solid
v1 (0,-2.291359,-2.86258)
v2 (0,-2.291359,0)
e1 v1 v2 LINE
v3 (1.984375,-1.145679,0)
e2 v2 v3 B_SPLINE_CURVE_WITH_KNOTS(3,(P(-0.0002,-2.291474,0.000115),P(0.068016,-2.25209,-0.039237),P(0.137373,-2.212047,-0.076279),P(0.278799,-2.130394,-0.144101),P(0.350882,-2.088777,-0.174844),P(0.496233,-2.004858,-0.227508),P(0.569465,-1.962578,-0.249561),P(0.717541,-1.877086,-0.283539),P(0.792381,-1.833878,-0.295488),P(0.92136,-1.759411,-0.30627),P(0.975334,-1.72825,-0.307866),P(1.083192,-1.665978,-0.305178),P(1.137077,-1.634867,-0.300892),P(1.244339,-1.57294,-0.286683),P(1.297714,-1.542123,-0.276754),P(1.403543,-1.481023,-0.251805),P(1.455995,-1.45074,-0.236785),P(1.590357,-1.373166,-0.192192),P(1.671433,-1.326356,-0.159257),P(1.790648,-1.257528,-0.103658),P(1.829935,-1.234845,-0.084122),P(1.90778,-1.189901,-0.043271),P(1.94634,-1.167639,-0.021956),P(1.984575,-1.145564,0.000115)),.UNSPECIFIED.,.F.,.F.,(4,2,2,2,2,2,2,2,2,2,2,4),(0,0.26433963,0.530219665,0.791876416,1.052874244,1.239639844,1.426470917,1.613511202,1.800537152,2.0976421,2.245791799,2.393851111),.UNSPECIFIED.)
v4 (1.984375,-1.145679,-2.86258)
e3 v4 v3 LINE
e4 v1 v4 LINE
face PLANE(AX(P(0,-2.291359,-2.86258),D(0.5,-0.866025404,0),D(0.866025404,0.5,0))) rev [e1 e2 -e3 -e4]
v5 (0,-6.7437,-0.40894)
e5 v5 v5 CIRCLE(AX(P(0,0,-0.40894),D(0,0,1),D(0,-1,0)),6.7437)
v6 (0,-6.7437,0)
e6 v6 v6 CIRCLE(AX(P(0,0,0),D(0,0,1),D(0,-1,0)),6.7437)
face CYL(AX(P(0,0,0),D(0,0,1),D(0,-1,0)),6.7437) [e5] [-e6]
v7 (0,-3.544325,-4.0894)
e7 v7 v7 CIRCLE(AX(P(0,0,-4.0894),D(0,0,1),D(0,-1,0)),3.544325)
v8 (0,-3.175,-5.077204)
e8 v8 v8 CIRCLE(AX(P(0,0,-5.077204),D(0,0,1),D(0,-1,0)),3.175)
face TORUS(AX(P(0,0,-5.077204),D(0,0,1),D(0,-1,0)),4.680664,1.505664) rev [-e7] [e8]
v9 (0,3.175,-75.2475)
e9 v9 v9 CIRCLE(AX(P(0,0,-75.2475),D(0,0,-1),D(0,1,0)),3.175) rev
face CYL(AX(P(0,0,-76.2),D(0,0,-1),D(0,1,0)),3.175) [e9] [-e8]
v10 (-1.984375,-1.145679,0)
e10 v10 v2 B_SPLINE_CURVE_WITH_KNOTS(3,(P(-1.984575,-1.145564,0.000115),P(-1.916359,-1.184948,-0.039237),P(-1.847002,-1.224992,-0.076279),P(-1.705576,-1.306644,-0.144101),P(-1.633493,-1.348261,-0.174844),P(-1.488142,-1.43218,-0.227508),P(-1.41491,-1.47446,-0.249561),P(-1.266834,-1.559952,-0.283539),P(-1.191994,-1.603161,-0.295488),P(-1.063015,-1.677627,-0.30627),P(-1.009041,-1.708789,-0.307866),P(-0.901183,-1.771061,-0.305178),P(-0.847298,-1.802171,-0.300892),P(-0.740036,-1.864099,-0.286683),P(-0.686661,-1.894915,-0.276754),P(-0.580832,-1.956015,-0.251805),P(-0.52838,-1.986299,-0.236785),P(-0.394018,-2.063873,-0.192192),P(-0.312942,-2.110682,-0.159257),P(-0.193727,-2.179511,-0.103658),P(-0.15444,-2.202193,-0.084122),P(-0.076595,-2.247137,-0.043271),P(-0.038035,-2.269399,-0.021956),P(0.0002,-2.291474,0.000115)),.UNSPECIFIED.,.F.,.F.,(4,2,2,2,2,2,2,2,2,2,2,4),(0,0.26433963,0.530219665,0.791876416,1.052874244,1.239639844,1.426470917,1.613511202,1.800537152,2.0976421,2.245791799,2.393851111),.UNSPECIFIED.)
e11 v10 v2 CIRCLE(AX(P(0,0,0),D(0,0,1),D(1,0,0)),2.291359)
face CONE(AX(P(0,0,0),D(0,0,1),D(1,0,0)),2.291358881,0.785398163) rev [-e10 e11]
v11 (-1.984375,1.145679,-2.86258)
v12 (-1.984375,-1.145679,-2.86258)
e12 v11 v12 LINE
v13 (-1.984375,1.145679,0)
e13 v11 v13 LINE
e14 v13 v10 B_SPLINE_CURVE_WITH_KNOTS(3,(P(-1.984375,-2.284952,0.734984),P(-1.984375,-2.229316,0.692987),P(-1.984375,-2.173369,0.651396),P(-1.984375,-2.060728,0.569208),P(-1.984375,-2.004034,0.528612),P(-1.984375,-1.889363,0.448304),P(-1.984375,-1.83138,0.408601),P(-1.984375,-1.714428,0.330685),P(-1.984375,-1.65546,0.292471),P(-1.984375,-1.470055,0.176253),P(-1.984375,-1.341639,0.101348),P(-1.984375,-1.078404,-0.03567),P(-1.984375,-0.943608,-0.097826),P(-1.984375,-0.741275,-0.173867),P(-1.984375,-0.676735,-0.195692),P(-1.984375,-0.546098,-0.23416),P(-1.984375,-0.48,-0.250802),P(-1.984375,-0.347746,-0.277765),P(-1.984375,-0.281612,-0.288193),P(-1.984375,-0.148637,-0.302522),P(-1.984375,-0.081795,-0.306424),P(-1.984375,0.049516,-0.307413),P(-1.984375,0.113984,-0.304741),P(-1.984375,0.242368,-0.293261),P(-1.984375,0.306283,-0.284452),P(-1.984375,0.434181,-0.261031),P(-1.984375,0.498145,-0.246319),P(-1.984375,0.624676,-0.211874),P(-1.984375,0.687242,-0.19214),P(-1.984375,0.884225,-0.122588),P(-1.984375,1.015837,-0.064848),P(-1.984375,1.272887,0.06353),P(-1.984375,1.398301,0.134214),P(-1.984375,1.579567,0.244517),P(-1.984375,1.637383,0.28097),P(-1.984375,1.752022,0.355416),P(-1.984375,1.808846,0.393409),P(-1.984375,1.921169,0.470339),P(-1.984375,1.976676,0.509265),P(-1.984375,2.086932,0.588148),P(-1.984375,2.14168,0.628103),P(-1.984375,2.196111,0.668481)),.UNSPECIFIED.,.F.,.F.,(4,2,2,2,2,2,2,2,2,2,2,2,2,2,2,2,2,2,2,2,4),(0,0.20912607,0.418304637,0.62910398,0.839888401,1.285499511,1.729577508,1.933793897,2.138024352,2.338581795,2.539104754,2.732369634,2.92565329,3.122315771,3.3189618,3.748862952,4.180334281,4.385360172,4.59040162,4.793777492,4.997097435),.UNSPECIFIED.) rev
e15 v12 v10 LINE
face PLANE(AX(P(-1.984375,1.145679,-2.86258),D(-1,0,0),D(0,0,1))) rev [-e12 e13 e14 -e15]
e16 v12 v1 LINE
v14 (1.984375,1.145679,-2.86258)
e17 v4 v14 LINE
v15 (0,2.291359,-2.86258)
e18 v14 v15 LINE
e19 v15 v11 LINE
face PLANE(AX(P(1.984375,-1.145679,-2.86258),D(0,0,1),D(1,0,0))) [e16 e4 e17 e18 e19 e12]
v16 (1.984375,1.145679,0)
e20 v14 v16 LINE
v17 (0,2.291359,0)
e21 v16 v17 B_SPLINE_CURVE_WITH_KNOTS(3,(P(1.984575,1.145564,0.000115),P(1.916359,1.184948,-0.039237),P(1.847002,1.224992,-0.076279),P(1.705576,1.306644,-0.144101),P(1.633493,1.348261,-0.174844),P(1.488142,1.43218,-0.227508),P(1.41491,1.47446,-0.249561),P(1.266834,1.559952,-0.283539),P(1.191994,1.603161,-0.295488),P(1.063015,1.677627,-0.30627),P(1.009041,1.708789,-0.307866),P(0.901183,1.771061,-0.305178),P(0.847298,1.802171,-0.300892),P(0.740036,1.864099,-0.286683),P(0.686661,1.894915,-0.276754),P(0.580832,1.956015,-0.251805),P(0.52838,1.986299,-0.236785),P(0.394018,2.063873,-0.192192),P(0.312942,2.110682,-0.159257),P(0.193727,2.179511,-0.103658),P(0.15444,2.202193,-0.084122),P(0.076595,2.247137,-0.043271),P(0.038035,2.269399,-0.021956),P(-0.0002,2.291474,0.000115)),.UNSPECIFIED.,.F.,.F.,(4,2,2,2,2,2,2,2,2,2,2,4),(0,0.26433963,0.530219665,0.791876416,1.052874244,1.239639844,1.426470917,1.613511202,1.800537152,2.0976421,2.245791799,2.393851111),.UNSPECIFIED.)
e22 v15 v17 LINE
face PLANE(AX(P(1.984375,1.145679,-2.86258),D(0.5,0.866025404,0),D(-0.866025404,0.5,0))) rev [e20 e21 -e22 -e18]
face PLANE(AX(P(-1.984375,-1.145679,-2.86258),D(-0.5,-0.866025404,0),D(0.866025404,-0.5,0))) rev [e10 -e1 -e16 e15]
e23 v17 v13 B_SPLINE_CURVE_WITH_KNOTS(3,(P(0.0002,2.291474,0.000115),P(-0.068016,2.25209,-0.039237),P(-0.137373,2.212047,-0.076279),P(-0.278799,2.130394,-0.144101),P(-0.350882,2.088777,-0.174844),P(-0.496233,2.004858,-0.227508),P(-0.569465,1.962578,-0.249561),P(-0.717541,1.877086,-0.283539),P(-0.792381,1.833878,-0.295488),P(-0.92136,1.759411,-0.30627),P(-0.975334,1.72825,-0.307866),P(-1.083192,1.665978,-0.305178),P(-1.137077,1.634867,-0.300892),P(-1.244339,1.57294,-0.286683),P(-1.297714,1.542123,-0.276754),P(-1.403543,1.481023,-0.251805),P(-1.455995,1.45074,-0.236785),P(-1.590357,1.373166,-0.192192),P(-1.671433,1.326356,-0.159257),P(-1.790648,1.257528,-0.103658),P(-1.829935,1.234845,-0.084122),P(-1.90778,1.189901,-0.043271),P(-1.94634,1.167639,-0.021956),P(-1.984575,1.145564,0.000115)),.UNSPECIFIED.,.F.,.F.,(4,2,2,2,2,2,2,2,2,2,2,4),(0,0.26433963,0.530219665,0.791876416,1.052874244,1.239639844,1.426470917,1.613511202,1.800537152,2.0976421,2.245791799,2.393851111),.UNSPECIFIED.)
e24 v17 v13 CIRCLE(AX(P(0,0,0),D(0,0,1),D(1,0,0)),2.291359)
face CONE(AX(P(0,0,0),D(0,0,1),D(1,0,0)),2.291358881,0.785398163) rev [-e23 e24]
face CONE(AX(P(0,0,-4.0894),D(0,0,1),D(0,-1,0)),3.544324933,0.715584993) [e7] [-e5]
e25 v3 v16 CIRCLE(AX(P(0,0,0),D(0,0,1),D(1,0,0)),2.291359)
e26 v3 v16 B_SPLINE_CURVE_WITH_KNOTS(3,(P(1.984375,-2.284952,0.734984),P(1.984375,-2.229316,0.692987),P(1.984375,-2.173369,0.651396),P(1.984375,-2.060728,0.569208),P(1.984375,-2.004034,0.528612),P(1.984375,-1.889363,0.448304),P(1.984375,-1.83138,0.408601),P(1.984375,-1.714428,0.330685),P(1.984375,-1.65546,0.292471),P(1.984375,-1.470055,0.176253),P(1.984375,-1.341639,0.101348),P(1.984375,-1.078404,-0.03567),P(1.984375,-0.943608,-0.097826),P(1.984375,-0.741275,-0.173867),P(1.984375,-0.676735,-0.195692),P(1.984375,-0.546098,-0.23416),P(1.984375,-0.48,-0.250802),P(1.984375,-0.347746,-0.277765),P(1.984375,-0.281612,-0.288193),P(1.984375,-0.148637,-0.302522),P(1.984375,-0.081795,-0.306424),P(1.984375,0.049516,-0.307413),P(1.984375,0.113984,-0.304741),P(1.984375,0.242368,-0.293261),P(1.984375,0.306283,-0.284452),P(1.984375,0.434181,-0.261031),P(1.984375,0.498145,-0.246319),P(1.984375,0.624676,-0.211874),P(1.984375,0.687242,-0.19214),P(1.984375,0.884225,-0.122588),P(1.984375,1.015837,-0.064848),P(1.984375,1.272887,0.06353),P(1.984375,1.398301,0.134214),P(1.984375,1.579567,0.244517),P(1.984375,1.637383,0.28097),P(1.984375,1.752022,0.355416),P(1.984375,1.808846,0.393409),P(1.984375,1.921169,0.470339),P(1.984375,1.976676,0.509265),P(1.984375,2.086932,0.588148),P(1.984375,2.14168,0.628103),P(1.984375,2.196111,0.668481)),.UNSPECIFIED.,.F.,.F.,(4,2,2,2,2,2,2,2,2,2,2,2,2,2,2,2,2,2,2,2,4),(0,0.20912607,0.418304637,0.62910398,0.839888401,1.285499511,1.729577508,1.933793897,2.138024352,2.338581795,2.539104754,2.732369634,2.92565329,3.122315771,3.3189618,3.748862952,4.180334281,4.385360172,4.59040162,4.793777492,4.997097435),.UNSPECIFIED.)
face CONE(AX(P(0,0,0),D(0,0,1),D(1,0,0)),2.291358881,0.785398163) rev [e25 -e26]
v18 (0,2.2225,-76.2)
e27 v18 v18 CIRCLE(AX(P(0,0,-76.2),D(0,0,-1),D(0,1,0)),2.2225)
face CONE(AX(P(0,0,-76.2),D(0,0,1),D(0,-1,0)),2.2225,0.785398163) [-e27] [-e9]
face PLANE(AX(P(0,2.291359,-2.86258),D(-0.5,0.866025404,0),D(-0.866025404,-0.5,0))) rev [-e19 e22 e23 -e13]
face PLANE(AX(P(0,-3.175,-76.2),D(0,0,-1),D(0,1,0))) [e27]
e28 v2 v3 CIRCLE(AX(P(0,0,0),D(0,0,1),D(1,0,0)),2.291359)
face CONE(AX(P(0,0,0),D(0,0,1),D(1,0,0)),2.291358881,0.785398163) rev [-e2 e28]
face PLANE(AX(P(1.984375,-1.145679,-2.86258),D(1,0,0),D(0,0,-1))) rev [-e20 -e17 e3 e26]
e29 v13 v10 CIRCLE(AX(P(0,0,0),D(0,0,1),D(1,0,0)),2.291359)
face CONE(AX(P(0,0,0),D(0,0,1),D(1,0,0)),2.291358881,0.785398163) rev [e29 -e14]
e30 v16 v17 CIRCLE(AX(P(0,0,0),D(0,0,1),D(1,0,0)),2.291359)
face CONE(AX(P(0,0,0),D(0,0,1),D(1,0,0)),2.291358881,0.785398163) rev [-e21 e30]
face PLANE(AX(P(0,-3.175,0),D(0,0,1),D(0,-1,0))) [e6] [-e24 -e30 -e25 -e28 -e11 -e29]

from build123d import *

# Parameters (mm, degrees)
SKETCH1_W           = 76.2
SKETCH1_H           = 3.175
CHAMFER1_SIZE       = 0.9525
CUT_EXTRUDE2_DEPTH  = 2.86258
BOSS_EXTRUDE2_START = -45.722795596
SKETCH9_R           = 3.175
BOSS_EXTRUDE2_DEPTH = 45.722795596


with BuildPart() as part:
    # Sketch1 → Revolve1 (revolve)
    with BuildSketch(Plane(origin=(0, 0, 0), x_dir=(0, 0, -1), z_dir=(1, 0, 0))):
        with Locations((38.1, 1.5875)):
            Rectangle(SKETCH1_W, SKETCH1_H)
    revolve(axis=Axis((0, 0, -76.2), (0, 0, 1)))

    # Chamfer1
    chamfer1_edges = [part.edges().sort_by_distance(p)[0] for p in [
        (0, -3.175, -76.2),
    ]]
    chamfer(chamfer1_edges, length=CHAMFER1_SIZE)

    # Sketch7 → Revolve2 (revolve)
    with BuildSketch(Plane(origin=(0, 0, 0), x_dir=(0, 0, -1), z_dir=(1, 0, 0)), mode=Mode.PRIVATE) as revolve2_sk:
        with BuildLine():
            Line((0, 6.7437), (0.40894, 6.7437))
            Line((0.40894, 6.7437), (4.0894, 3.544324933))
            ThreePointArc((4.0894, 3.544324933), (4.549909788, 3.270350399), (5.077204404, 3.175))
            Line((5.077204404, 3.175), (5.077204404, 0))
            Line((5.077204404, 0), (0, 0))
            Line((0, 0), (0, 6.7437))
        make_face()
    revolve(revolve2_sk.sketch.rotate(Axis((0, 0, 0), (0, 0, -1)), 180), axis=Axis((0, 0, 0), (0, 0, -1)))

    # Boss-Extrude1 cone 1 section (through the dimple's axis) → Boss-Extrude1 (revolve)
    with BuildSketch(Plane(origin=(0, 0, -5.077204404), x_dir=(0, -1, 0), z_dir=(1, 0, 0))):
        Polygon((0, 0), (3.175, 0), (0, 3.175), align=None)
    revolve(axis=Axis((0, 0, -5.077204404), (0, 0, -1)))

    # Sketch5 → Cut-Extrude2 (cut)
    with BuildSketch(Plane.XY):
        Polygon((1.984375, -1.14567944), (1.984375, 1.14567944), (0, 2.291358881), (-1.984375, 1.14567944), (-1.984375, -1.14567944), (0, -2.291358881), align=None)
    extrude(amount=-CUT_EXTRUDE2_DEPTH, mode=Mode.SUBTRACT)

    # Cut-Extrude3 cone 1 section (through the dimple's axis) → Cut-Extrude3 (revolve, cut)
    with BuildSketch(Plane(origin=(0, 0, 0), x_dir=(0, -1, 0), z_dir=(1, 0, 0))):
        Polygon((0, 0), (2.291358881, 0), (0, 2.291358881), align=None)
    revolve(axis=Axis((0, 0, 0), (0, 0, -1)), mode=Mode.SUBTRACT)

    # Sketch9 → Boss-Extrude2 (add)
    with BuildSketch(Plane.XY.offset(-5.077204404).offset(BOSS_EXTRUDE2_START)):
        with Locations(Location((0, 0, 0), (0, 0, 90))):
            Circle(SKETCH9_R)
    extrude(amount=BOSS_EXTRUDE2_DEPTH)


solid = part.part
